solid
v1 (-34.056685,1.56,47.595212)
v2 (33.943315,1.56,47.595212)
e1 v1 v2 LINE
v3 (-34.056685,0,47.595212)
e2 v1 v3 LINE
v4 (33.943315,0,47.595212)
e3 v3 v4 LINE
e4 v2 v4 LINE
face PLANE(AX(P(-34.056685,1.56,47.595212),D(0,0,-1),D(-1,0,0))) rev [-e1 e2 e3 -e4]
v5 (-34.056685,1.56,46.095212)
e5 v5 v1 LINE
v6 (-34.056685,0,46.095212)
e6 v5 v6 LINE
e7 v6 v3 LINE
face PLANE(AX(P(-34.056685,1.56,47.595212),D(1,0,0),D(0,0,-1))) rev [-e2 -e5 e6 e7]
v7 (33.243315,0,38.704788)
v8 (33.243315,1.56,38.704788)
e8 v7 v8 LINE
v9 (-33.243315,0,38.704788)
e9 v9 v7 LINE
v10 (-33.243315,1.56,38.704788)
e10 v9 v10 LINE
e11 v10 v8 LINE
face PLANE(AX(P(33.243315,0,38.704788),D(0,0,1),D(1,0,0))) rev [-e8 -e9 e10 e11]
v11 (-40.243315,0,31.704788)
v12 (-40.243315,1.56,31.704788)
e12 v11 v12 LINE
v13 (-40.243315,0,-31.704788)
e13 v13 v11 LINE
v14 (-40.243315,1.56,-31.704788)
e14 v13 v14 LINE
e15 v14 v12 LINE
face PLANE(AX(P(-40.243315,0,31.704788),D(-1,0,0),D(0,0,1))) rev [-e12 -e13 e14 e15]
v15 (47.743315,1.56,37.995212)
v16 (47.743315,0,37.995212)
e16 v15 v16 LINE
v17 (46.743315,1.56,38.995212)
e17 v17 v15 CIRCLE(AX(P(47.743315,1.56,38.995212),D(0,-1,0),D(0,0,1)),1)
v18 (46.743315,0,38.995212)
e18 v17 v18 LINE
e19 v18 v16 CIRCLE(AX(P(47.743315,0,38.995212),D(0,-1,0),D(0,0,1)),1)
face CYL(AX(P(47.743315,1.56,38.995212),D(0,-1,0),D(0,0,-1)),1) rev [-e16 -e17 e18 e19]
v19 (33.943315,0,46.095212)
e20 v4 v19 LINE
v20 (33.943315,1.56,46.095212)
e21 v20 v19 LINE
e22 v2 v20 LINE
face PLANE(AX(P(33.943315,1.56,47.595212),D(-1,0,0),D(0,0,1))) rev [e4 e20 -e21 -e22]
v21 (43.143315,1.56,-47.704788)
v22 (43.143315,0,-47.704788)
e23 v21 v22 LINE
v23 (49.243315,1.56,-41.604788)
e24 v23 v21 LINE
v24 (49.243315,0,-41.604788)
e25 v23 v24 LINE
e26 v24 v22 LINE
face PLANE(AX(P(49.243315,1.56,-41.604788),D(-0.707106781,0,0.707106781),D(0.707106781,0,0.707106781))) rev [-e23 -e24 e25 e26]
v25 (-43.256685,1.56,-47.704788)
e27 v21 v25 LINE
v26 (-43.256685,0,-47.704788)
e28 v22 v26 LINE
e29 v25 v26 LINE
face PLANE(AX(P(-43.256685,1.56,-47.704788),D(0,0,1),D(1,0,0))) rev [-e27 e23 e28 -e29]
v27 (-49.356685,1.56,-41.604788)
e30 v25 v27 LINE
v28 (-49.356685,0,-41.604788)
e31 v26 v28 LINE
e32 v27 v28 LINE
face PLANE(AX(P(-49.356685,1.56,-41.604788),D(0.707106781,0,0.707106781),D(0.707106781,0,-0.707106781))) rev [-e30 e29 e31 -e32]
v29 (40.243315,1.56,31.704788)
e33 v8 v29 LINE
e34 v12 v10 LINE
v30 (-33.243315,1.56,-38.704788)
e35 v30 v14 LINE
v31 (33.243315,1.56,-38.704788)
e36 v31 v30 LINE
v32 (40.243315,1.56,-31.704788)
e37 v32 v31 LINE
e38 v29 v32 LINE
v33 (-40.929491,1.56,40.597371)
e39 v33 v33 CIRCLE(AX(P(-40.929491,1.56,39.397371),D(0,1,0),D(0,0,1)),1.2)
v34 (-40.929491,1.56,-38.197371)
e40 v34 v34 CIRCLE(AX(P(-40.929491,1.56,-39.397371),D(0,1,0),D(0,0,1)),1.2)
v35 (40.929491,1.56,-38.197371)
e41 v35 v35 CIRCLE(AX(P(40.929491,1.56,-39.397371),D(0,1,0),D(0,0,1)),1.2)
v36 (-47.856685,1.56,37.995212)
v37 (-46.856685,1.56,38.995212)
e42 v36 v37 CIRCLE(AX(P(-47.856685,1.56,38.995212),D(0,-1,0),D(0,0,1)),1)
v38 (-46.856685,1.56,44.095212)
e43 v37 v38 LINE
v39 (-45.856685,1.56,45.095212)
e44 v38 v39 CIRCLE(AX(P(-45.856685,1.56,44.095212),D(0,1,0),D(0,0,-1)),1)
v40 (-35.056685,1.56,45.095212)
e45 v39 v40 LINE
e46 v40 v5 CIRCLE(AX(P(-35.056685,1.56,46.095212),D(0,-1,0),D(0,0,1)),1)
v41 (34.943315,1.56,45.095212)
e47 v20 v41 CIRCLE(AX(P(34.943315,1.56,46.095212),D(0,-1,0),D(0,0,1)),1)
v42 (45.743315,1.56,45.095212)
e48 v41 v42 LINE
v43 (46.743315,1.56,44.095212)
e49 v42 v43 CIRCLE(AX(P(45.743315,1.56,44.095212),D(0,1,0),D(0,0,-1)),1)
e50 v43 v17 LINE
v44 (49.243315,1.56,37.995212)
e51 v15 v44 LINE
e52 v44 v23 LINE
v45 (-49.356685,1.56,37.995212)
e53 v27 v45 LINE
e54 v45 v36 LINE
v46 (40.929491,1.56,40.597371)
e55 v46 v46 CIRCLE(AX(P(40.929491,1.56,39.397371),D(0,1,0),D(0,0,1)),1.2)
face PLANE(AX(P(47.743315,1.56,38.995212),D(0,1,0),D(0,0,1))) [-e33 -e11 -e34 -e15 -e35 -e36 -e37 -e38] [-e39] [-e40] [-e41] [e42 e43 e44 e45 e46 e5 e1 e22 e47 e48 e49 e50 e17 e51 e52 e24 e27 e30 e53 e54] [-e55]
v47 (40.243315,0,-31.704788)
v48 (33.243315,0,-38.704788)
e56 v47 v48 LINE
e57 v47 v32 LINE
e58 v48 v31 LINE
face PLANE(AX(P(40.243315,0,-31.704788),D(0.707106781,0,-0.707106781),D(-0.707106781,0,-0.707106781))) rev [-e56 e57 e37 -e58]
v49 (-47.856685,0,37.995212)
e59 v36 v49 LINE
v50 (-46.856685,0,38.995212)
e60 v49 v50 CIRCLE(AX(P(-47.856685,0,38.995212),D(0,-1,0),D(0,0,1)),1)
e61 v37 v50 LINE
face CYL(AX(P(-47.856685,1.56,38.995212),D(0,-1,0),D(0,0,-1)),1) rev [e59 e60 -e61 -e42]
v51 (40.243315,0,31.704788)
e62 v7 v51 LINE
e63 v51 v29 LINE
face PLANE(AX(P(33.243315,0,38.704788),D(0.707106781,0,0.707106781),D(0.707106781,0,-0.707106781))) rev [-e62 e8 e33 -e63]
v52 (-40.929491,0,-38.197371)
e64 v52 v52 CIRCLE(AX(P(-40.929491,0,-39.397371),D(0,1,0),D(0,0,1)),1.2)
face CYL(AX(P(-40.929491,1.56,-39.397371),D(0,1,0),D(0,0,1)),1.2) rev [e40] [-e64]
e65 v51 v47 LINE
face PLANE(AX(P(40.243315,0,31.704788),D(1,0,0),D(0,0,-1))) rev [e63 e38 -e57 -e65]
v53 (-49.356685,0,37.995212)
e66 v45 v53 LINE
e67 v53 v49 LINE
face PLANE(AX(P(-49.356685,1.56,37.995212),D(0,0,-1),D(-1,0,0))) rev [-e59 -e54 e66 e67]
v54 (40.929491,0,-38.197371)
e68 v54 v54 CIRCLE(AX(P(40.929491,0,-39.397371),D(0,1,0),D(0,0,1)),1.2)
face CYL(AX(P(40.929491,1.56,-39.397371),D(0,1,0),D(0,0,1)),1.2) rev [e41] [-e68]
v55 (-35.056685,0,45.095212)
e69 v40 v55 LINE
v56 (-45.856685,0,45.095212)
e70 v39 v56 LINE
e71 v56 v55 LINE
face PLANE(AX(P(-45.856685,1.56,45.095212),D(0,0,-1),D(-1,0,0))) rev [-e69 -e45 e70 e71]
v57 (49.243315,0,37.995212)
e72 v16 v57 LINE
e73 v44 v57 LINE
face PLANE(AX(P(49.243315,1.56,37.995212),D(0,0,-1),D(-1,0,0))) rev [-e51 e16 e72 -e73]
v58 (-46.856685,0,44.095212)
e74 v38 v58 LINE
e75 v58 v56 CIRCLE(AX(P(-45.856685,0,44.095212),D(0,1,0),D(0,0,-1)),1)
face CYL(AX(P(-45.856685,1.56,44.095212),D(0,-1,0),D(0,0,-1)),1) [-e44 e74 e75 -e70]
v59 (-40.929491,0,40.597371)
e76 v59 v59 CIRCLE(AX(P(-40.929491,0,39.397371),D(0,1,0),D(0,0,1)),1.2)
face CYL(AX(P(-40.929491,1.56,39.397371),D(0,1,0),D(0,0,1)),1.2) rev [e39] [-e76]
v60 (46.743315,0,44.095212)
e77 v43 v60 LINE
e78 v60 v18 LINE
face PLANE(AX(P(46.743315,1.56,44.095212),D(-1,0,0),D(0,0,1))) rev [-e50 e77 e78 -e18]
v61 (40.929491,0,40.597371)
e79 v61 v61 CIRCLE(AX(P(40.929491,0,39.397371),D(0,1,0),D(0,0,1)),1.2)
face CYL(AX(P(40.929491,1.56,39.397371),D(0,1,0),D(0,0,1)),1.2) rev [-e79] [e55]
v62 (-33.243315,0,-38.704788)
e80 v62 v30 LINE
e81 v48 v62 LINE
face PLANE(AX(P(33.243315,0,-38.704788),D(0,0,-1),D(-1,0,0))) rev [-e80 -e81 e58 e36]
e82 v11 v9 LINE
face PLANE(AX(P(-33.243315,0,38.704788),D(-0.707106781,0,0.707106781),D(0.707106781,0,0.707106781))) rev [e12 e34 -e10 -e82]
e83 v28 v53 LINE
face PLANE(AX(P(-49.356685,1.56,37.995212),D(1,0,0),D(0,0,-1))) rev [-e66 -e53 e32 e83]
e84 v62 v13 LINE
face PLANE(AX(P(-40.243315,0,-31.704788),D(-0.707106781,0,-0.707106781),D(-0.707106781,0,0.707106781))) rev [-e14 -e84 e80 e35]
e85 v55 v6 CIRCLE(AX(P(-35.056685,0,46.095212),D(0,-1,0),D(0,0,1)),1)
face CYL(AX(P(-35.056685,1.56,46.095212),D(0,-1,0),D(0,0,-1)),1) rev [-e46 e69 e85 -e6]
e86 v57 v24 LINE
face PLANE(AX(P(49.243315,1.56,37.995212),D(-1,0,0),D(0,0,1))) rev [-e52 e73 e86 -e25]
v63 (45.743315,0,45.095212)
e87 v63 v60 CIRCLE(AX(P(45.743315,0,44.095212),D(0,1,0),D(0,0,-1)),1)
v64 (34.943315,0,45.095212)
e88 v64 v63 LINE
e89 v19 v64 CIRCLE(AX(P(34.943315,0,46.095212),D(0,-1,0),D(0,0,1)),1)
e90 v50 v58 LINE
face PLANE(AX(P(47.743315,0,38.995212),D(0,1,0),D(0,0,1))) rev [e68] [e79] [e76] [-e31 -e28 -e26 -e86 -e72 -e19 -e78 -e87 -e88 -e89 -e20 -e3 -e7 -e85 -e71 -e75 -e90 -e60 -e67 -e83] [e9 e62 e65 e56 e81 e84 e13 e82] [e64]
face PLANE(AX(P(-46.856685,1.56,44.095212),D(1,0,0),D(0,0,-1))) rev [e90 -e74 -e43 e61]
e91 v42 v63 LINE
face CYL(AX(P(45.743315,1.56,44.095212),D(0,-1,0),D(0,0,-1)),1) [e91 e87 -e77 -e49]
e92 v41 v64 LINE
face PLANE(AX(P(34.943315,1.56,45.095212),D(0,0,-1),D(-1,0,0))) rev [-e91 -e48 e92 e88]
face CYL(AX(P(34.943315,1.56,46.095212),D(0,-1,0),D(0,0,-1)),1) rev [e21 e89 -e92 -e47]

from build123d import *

# Parameters (mm, degrees)
BOSS_EXTRUDE1_DEPTH      = 1.56
CUT_EXTRUDE1_DEPTH       = 1.56
M2_CLEARANCE_HOLE1_D     = 2.4
M2_CLEARANCE_HOLE1_DEPTH = 38.1
M2_CLEARANCE_HOLE1_TIP   = 0.721032743


with BuildPart() as part:
    # Sketch1 → Boss-Extrude1 (new body)
    with BuildSketch(Plane(origin=(0, 0, 0), x_dir=(1, 0, 0), z_dir=(0, 1, 0))):
        with BuildLine():
            Line((-49.356685196, 41.604788024), (-43.256685196, 47.704788024))
            Line((-43.256685196, 47.704788024), (43.143314804, 47.704788024))
            Line((43.143314804, 47.704788024), (49.243314804, 41.604788024))
            Line((49.243314804, 41.604788024), (49.243314804, -37.995211976))
            Line((49.243314804, -37.995211976), (47.743314804, -37.995211976))
            ThreePointArc((47.743314804, -37.995211976), (47.036208023, -38.288105194), (46.743314804, -38.995211976))
            Line((46.743314804, -38.995211976), (46.743314804, -44.095211976))
            ThreePointArc((46.743314804, -44.095211976), (46.450421585, -44.802318757), (45.743314804, -45.095211976))
            Line((45.743314804, -45.095211976), (34.943314804, -45.095211976))
            ThreePointArc((34.943314804, -45.095211976), (34.236208023, -45.388105194), (33.943314804, -46.095211976))
            Line((33.943314804, -46.095211976), (33.943314804, -47.595211976))
            Line((33.943314804, -47.595211976), (-34.056685196, -47.595211976))
            Line((-34.056685196, -47.595211976), (-34.056685196, -46.095211976))
            ThreePointArc((-34.056685196, -46.095211976), (-34.349578415, -45.388105194), (-35.056685196, -45.095211976))
            Line((-35.056685196, -45.095211976), (-45.856685196, -45.095211976))
            ThreePointArc((-45.856685196, -45.095211976), (-46.563791977, -44.802318757), (-46.856685196, -44.095211976))
            Line((-46.856685196, -44.095211976), (-46.856685196, -38.995211976))
            ThreePointArc((-46.856685196, -38.995211976), (-47.149578415, -38.288105194), (-47.856685196, -37.995211976))
            Line((-47.856685196, -37.995211976), (-49.356685196, -37.995211976))
            Line((-49.356685196, -37.995211976), (-49.356685196, 41.604788024))
        make_face()
    extrude(amount=BOSS_EXTRUDE1_DEPTH)

    # Sketch2 → Cut-Extrude1 (cut)
    with BuildSketch(Plane(origin=(0, 1.56, 0), x_dir=(1, 0, 0), z_dir=(0, 1, 0))):
        Polygon((-40.243314804, 31.704788024), (-33.243314804, 38.704788024), (33.243314804, 38.704788024), (40.243314804, 31.704788024), (40.243314804, -31.704788024), (33.243314804, -38.704788024), (-33.243314804, -38.704788024), (-40.243314804, -31.704788024), align=None)
    extrude(amount=-CUT_EXTRUDE1_DEPTH, mode=Mode.SUBTRACT)

    # M2 Clearance Hole1
    with Locations(Plane(origin=(0, 1.56, 0), x_dir=(1, 0, 0), z_dir=(0, 1, 0))):
        with Locations((40.929491149, 39.39737116), (40.929491149, -39.39737116), (-40.929491149, -39.39737116), (-40.929491149, 39.39737116), (0, 0)):
            Hole(M2_CLEARANCE_HOLE1_D / 2, depth=M2_CLEARANCE_HOLE1_DEPTH)
            with Locations((0, 0, -(M2_CLEARANCE_HOLE1_DEPTH + M2_CLEARANCE_HOLE1_TIP / 2))):  # 118° drill point
                Cone(0, M2_CLEARANCE_HOLE1_D / 2, M2_CLEARANCE_HOLE1_TIP, mode=Mode.SUBTRACT)


solid = part.part
